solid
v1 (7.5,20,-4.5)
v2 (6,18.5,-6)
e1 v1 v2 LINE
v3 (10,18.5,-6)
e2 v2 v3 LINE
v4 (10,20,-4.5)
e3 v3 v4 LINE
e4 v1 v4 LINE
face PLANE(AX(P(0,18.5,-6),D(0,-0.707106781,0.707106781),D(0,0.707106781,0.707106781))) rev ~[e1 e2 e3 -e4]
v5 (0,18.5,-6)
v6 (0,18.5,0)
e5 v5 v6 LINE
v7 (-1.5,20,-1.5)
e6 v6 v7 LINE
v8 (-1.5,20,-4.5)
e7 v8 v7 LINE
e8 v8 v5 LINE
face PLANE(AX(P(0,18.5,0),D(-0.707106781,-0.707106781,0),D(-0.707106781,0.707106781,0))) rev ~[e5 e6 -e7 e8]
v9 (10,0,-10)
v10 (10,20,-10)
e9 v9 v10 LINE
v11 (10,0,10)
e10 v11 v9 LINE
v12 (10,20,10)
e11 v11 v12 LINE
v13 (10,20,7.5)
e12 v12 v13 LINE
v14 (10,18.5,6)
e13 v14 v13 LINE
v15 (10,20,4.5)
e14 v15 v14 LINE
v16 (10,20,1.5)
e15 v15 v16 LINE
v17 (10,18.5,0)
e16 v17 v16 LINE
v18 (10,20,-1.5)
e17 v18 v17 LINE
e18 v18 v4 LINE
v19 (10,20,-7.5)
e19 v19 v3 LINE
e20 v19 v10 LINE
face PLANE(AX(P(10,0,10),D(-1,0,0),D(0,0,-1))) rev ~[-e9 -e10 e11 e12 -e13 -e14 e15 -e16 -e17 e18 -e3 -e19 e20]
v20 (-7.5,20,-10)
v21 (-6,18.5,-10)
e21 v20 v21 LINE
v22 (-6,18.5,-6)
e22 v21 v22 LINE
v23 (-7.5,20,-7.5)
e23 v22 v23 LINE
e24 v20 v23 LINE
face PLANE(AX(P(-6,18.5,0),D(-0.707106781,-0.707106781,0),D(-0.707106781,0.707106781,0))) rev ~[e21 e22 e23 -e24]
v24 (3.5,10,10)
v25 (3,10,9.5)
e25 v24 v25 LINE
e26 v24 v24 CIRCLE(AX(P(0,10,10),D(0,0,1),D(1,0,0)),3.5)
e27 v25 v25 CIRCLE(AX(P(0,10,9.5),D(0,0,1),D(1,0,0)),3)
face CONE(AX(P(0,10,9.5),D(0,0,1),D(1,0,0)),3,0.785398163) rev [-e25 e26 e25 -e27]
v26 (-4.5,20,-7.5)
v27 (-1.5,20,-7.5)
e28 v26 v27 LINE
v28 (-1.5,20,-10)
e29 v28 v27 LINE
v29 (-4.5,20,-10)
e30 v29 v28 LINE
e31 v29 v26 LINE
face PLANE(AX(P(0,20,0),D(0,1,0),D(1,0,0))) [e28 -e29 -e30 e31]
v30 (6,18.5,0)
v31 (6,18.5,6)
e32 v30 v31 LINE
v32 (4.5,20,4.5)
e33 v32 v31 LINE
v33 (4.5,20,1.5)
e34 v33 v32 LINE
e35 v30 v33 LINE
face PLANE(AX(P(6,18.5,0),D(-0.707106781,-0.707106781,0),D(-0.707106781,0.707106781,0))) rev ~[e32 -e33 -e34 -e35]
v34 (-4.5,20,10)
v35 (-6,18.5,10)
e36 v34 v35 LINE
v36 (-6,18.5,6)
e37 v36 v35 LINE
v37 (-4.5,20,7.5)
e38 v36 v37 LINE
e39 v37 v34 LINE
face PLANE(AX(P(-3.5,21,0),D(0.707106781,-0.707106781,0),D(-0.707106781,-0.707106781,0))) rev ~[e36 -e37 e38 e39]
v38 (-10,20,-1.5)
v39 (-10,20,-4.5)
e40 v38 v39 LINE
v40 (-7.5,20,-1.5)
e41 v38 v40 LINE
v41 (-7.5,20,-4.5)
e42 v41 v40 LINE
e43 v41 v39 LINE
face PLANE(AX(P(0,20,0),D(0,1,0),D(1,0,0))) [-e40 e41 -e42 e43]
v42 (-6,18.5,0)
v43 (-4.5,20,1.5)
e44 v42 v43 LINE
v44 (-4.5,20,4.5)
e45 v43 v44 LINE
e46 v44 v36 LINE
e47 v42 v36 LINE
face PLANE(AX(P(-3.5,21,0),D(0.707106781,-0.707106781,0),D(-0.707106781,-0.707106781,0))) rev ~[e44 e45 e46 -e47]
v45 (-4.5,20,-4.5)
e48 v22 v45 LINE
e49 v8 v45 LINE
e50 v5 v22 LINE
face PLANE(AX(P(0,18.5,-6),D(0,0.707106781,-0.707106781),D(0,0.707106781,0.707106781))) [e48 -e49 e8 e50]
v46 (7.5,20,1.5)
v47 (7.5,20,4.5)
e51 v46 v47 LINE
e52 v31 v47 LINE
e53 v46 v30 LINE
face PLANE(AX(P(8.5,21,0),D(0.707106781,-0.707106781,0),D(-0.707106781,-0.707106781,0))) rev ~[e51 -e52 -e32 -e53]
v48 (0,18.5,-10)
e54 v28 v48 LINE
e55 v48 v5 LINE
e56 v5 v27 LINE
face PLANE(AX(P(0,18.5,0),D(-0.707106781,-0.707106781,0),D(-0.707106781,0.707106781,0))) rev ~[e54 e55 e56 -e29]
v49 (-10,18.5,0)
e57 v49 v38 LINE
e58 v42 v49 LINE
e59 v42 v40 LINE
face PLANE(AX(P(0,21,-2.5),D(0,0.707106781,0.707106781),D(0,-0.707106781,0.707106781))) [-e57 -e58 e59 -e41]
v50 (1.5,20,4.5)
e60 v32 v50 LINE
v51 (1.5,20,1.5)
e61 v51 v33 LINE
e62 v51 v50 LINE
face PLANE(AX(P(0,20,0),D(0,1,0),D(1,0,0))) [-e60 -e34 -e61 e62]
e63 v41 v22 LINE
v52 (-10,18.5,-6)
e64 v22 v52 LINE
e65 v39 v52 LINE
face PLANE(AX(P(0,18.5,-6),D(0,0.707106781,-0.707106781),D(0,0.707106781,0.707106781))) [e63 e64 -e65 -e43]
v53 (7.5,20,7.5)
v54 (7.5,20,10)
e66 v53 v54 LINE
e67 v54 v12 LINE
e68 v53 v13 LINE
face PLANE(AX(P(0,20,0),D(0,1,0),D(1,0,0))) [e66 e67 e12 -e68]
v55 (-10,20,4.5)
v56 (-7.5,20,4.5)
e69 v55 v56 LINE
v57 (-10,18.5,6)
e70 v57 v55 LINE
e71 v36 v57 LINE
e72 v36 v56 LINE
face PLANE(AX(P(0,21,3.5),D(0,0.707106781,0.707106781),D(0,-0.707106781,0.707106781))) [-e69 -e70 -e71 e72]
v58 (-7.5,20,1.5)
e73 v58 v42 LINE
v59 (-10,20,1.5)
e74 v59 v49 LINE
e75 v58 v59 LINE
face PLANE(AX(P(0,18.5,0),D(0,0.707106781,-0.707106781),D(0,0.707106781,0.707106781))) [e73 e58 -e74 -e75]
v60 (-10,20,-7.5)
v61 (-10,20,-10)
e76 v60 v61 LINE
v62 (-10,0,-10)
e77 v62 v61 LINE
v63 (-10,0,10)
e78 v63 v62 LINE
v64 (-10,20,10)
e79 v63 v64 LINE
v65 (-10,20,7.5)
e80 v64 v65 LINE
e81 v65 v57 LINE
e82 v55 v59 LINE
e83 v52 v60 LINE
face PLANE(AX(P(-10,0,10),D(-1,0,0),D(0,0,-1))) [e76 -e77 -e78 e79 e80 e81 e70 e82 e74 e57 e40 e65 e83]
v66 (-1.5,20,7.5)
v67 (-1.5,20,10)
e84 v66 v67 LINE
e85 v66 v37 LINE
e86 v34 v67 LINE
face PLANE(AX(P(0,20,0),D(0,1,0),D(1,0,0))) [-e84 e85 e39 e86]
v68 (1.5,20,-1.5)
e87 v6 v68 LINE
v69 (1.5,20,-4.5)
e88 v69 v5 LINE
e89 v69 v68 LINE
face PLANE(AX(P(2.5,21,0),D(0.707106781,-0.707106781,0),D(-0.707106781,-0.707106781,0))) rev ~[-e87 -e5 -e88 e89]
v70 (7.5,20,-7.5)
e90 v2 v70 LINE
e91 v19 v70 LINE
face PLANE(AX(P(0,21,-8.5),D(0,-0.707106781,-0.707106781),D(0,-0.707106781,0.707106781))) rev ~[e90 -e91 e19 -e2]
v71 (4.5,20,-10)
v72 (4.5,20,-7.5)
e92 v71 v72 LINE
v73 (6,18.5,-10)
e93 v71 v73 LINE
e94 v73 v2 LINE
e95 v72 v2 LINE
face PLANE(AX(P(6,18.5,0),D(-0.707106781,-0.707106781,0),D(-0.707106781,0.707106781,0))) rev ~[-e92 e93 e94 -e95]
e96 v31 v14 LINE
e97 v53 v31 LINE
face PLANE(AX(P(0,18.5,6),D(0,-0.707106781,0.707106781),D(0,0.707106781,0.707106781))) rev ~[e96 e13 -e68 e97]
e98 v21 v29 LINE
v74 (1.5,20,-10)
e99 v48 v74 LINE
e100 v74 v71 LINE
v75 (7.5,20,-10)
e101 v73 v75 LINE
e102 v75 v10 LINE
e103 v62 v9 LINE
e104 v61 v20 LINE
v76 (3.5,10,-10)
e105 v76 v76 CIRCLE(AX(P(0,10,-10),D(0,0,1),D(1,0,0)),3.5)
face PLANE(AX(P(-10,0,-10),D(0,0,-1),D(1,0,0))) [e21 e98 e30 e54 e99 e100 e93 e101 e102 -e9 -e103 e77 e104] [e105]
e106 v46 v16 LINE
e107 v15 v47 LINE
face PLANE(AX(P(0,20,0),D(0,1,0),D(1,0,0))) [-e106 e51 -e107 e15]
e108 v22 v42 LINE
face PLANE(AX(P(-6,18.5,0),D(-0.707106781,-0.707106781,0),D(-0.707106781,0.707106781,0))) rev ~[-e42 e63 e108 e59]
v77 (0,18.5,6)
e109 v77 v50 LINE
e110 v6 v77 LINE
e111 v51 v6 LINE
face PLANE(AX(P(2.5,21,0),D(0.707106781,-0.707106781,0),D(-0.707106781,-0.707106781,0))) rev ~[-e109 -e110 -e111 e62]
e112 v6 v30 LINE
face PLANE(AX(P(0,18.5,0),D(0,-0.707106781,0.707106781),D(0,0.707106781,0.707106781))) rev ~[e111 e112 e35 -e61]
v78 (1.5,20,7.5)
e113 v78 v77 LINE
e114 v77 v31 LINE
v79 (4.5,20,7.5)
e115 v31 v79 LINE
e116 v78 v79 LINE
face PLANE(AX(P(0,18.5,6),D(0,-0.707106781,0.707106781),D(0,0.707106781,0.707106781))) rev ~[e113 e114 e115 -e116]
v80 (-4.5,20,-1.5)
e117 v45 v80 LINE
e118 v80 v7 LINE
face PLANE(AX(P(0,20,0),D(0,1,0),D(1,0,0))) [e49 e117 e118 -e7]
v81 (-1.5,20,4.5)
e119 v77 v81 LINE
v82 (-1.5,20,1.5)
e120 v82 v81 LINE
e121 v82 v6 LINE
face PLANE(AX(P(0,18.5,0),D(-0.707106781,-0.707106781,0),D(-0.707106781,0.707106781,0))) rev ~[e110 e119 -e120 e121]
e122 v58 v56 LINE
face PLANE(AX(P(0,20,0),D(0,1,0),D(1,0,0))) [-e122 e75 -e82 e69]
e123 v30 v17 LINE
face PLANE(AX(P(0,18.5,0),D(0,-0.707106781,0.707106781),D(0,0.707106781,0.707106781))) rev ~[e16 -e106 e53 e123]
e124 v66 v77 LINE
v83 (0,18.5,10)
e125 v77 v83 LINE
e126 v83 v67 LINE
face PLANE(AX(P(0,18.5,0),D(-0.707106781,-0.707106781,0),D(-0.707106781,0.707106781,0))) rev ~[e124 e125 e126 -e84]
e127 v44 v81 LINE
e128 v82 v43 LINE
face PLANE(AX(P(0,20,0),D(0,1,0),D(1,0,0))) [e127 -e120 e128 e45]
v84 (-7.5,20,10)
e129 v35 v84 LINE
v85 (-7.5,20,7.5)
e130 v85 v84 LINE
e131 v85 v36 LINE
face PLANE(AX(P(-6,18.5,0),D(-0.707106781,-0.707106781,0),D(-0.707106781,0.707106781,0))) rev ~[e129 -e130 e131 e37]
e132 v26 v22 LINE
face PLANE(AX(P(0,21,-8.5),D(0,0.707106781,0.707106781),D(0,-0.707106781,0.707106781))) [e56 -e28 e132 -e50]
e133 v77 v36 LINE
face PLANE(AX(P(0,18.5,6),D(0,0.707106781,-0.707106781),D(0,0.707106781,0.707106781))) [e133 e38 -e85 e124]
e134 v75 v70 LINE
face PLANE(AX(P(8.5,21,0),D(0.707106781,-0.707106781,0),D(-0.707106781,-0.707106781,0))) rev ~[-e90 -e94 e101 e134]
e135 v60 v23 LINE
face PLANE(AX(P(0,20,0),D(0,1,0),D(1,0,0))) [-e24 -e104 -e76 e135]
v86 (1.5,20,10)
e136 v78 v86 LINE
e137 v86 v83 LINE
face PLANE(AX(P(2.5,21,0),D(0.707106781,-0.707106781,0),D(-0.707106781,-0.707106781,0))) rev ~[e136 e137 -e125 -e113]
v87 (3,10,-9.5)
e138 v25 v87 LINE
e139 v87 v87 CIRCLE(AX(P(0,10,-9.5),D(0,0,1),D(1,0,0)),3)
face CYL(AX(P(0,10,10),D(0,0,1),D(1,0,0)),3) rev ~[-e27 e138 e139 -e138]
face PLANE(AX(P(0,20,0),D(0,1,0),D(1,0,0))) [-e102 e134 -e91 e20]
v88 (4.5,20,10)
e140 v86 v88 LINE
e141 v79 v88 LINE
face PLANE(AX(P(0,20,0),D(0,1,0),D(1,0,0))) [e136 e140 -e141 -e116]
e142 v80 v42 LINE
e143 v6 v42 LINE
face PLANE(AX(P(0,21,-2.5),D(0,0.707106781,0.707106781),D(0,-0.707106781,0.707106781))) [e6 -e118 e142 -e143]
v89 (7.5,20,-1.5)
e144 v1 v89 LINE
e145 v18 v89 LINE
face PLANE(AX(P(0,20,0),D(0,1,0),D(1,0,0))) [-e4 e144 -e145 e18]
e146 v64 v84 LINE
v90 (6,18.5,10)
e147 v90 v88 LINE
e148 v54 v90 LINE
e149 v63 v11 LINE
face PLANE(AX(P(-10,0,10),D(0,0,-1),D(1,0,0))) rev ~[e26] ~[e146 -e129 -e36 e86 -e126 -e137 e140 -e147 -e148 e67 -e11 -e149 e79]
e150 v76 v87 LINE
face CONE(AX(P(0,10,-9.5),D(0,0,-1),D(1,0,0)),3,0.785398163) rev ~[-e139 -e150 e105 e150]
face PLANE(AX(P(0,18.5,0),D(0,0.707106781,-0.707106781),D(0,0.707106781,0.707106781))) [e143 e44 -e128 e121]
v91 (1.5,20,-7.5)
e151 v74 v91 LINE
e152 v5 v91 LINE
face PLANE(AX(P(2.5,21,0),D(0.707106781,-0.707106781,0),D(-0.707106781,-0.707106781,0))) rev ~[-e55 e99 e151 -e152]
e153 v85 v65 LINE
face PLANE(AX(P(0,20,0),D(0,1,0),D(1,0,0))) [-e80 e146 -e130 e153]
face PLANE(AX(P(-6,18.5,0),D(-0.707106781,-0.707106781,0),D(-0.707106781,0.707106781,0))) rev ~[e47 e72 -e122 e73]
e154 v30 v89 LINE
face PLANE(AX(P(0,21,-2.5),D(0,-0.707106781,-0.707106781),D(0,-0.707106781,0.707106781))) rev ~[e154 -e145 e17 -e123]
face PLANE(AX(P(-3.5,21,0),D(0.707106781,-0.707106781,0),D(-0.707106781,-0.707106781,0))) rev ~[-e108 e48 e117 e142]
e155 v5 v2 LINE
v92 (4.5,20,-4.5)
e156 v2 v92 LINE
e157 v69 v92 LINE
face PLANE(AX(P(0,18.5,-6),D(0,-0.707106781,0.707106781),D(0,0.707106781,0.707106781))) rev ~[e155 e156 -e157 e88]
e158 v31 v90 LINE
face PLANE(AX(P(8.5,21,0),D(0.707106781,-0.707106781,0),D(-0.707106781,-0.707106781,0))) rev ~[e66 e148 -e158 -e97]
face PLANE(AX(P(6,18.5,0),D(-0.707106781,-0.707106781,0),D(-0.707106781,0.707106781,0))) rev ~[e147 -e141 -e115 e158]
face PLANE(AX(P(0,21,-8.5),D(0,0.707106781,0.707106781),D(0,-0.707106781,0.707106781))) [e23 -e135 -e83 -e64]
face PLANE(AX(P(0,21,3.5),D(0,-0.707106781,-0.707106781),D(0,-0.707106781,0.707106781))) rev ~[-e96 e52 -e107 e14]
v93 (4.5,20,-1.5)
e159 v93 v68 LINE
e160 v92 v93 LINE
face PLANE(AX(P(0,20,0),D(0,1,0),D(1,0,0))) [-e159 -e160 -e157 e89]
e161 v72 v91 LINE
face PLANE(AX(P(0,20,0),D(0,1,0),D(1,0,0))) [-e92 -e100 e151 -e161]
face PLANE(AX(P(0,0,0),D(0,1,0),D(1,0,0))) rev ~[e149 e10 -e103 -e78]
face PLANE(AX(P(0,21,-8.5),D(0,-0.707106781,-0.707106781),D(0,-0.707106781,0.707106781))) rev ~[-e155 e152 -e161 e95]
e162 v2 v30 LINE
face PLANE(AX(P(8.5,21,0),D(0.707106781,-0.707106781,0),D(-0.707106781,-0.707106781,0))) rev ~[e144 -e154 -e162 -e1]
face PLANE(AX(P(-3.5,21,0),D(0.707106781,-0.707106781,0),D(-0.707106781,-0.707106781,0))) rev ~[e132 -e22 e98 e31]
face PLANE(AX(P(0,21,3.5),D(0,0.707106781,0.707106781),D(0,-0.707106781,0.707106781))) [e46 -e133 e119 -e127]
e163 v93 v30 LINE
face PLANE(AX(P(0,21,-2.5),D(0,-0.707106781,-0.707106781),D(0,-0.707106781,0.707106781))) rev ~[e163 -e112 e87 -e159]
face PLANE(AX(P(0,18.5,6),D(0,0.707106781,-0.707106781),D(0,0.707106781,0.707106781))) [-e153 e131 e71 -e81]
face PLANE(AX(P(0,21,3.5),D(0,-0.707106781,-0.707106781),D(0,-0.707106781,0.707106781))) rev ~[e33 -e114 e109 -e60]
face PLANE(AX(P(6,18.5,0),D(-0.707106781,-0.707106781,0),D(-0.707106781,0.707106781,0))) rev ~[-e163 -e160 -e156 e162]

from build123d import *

# Parameters (mm, degrees)
SKETCH1_W               = 20
SKETCH1_H               = 20
BOSS_EXTRUDE1_DEPTH     = 20
SKETCH2_R               = 3
CUT_EXTRUDE1_DEPTH      = 21
CHAMFER1_SIZE           = 0.5
CUT_EXTRUDE2_DEPTH      = 11
CUT_EXTRUDE2_DEPTH_BACK = 11
CUT_EXTRUDE3_DEPTH      = 11
CUT_EXTRUDE3_DEPTH_BACK = 11


with BuildPart() as part:
    # Sketch1 → Boss-Extrude1 (new body)
    with BuildSketch(Plane(origin=(0, 0, 0), x_dir=(1, 0, 0), z_dir=(0, 1, 0))):
        Rectangle(SKETCH1_W, SKETCH1_H)
    extrude(amount=BOSS_EXTRUDE1_DEPTH)

    # Sketch2 → Cut-Extrude1 (cut, through all)
    with BuildSketch(Plane.XY.offset(10)):
        with Locations((0, 10)):
            Circle(SKETCH2_R)
    extrude(amount=-CUT_EXTRUDE1_DEPTH, mode=Mode.SUBTRACT)

    # Chamfer1
    chamfer1_edges = [part.edges().sort_by_distance(p)[0] for p in [
        (-3, 10, -10),
        (-3, 10, 10),
    ]]
    chamfer(chamfer1_edges, length=CHAMFER1_SIZE)

    # Sketch3 → Cut-Extrude2 (cut, two sides)
    with BuildSketch(Plane.XY) as cut_extrude2_sk:
        Polygon((-3.5, 21), (-6, 18.5), (-8.5, 21), align=None)
        Polygon((2.5, 21), (0, 18.5), (-2.5, 21), align=None)
        Polygon((8.5, 21), (6, 18.5), (3.5, 21), align=None)
    extrude(amount=CUT_EXTRUDE2_DEPTH, mode=Mode.SUBTRACT)
    extrude(cut_extrude2_sk.sketch, amount=-CUT_EXTRUDE2_DEPTH_BACK, mode=Mode.SUBTRACT)

    # Sketch4 → Cut-Extrude3 (cut, two sides)
    with BuildSketch(Plane(origin=(0, 0, 0), x_dir=(0, 0, -1), z_dir=(1, 0, 0))) as cut_extrude3_sk:
        Polygon((-3.5, 21), (-6, 18.5), (-8.5, 21), align=None)
        Polygon((2.5, 21), (0, 18.5), (-2.5, 21), align=None)
        Polygon((8.5, 21), (6, 18.5), (3.5, 21), align=None)
    extrude(amount=CUT_EXTRUDE3_DEPTH, mode=Mode.SUBTRACT)
    extrude(cut_extrude3_sk.sketch, amount=-CUT_EXTRUDE3_DEPTH_BACK, mode=Mode.SUBTRACT)


solid = part.part
